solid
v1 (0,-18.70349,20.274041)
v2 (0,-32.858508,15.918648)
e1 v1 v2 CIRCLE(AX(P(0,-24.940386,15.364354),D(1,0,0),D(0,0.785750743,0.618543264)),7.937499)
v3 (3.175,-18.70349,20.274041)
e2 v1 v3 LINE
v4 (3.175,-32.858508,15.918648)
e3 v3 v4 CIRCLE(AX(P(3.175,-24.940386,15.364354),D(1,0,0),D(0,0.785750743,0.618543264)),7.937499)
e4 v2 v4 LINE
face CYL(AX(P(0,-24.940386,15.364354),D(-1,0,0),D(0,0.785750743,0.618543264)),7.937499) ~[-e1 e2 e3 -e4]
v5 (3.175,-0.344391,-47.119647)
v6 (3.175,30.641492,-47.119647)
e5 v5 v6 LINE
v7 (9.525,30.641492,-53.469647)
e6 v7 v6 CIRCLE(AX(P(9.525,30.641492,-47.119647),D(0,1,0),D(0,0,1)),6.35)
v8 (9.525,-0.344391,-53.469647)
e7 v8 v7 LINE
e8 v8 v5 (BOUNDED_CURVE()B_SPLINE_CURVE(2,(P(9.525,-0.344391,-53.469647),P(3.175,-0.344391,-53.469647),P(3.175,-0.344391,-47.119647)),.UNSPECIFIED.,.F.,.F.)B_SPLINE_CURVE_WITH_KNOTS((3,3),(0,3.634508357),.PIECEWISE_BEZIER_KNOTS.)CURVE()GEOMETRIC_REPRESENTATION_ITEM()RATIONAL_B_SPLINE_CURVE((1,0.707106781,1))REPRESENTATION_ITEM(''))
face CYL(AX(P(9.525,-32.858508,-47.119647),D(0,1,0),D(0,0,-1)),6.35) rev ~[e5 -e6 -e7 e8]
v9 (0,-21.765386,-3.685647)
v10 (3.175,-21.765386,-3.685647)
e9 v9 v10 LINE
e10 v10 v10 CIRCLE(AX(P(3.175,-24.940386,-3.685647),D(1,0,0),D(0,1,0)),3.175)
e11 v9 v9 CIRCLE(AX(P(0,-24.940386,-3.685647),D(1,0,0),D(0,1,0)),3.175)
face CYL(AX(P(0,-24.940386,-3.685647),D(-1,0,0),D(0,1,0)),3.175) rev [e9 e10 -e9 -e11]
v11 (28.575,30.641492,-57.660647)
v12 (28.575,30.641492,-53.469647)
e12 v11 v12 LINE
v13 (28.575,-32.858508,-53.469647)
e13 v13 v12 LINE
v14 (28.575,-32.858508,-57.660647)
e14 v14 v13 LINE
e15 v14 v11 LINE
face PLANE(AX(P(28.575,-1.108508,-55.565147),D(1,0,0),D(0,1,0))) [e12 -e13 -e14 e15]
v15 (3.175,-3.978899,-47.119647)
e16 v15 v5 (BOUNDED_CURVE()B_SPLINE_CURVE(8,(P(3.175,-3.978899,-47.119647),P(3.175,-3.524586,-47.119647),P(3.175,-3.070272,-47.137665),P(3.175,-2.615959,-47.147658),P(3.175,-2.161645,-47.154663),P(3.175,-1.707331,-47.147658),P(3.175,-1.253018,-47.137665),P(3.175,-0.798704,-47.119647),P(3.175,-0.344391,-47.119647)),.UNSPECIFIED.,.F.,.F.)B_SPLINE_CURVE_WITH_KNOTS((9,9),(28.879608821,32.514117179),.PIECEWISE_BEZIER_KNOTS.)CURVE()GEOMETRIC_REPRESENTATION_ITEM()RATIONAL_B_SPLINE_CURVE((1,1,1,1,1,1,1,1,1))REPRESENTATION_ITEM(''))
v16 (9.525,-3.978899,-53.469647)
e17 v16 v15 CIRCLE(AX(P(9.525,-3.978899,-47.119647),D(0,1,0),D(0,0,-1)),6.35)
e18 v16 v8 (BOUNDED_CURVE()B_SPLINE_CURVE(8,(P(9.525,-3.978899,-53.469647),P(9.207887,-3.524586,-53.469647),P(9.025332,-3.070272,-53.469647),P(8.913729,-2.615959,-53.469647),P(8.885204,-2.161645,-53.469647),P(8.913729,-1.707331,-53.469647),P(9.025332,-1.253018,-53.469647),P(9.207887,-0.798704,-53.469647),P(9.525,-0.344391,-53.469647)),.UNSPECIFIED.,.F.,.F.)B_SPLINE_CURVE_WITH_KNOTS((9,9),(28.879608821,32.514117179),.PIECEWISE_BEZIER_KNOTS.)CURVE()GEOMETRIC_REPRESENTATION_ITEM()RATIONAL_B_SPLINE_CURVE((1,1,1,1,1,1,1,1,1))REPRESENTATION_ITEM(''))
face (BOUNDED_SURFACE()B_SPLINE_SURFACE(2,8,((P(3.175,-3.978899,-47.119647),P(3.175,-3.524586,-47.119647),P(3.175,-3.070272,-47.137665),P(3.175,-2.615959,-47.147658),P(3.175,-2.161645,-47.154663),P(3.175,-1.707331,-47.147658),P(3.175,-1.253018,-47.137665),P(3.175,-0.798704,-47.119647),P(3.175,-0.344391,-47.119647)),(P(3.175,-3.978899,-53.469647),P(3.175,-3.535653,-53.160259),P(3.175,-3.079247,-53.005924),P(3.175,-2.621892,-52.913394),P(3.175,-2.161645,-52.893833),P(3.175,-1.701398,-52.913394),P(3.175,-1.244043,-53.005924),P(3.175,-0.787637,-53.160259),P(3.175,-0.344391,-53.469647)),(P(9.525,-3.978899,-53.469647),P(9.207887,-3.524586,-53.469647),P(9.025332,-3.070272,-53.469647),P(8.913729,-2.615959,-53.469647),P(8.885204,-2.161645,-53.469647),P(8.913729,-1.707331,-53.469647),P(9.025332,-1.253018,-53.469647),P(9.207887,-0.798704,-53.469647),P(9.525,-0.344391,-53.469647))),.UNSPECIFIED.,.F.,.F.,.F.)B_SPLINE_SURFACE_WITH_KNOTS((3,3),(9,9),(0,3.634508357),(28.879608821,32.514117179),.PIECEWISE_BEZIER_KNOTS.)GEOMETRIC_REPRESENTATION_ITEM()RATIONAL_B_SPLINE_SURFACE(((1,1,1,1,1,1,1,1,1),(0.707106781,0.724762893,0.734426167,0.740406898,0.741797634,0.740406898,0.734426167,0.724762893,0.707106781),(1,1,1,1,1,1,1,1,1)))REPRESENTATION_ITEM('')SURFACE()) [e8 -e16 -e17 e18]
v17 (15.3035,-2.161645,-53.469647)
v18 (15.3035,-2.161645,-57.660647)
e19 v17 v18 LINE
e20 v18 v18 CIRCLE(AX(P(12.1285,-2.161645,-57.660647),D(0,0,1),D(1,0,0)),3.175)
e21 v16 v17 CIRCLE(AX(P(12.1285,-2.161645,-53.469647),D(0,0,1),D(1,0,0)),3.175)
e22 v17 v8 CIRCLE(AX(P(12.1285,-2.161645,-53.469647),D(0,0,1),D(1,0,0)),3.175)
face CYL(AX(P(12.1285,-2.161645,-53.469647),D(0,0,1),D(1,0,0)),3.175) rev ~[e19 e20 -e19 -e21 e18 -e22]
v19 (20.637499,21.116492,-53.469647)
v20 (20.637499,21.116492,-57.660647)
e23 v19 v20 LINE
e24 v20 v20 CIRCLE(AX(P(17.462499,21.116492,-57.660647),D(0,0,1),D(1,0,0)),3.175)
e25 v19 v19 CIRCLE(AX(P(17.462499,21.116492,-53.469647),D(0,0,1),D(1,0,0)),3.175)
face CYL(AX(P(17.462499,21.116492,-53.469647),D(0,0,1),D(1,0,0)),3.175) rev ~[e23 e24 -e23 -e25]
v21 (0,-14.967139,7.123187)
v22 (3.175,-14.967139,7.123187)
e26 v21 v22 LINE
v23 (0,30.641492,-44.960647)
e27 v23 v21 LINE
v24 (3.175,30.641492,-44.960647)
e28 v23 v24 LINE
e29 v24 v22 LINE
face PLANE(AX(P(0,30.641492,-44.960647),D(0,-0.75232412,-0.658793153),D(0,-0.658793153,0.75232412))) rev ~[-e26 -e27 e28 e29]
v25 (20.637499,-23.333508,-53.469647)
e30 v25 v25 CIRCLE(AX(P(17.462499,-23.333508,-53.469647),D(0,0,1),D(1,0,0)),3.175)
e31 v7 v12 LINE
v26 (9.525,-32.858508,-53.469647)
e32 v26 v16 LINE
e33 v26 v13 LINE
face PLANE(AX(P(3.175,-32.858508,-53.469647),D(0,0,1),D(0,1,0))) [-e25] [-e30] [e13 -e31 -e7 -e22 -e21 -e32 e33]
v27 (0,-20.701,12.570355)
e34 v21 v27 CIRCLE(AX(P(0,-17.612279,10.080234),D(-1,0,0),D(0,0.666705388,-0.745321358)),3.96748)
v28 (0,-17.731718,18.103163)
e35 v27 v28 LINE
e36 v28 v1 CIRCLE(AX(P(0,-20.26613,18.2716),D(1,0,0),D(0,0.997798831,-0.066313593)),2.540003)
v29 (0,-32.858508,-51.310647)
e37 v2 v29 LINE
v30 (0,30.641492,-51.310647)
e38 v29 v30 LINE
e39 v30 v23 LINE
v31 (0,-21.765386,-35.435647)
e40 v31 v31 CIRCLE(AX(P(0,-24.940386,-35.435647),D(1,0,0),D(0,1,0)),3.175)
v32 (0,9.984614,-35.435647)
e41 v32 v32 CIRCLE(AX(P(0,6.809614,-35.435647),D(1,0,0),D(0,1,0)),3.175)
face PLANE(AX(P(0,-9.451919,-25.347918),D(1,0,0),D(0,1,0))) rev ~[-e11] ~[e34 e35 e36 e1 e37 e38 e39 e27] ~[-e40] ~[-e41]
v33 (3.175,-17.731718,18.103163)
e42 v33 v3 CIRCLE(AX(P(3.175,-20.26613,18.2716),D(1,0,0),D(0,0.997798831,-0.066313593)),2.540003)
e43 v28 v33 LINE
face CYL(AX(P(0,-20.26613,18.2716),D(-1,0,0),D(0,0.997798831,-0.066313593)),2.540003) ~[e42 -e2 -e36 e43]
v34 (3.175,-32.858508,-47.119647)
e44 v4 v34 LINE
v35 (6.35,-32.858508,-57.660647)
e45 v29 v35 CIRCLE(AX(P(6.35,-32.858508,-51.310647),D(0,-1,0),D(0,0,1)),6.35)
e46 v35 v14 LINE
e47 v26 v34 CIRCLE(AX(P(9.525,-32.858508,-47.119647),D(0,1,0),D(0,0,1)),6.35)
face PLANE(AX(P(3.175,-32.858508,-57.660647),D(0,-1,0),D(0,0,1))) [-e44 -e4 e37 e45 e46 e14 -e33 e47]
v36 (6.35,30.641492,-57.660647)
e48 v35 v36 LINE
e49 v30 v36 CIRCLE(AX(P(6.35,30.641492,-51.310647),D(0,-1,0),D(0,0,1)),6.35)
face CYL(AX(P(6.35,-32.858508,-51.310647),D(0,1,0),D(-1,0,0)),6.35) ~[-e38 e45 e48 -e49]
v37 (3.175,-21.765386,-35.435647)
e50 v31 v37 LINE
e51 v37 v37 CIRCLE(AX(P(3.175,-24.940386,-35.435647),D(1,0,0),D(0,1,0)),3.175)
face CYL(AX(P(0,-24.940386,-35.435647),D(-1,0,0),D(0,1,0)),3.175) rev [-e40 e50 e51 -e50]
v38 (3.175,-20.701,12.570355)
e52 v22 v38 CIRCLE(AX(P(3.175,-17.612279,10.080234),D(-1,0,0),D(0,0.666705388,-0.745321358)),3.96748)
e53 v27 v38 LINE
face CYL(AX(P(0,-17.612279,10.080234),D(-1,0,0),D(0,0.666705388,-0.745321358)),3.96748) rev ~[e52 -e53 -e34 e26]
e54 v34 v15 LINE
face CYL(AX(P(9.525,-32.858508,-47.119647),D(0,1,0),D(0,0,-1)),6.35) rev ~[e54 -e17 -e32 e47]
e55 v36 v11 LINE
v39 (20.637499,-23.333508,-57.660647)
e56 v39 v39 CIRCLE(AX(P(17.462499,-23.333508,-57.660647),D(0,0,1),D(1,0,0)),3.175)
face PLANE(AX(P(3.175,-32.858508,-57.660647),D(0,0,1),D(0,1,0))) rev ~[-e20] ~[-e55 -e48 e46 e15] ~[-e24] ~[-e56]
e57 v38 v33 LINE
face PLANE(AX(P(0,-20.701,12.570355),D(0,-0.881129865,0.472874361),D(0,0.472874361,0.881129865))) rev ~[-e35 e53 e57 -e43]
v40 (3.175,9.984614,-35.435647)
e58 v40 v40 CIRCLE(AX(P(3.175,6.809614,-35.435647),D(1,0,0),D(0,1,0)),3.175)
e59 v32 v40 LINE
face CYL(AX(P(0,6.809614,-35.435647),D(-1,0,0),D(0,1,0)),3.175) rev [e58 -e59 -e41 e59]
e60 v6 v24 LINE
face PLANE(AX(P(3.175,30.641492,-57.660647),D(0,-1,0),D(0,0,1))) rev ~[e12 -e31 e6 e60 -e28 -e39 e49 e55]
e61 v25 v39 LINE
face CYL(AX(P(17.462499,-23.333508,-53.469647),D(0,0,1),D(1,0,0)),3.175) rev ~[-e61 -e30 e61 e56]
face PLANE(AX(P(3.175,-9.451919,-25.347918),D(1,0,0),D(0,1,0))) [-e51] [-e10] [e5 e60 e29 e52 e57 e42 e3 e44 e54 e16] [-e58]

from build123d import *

# Parameters (mm, degrees)
F0_R     = 3.175
F1_DEPTH = 3.175
F2_W     = 63.5
F2_H     = 4.191
F3_DEPTH = 25.4
F4_R     = 3.175
F5_DEPTH = 25.4
F6_R     = 6.35


with BuildPart() as f1:
    # F0 (on Right) → F1 (new body)
    with BuildSketch(Plane.YZ):
        with BuildLine():
            ThreePointArc((-17.731718, 18.103163), (-17.947804, 19.309376), (-18.70349, 20.274041))
            ThreePointArc((-18.70349, 20.274041), (-27.274694, 22.950849), (-32.858508, 15.918648))
            Line((-32.858508, 15.918648), (-32.858508, -57.660647))
            Line((-32.858508, -57.660647), (30.641492, -57.660647))
            Line((30.641492, -57.660647), (30.641492, -44.960647))
            Line((30.641492, -44.960647), (-14.967139, 7.123187))
            ThreePointArc((-14.967139, 7.123187), (-20.344879, 7.203814), (-20.701, 12.570355))
            Line((-20.701, 12.570355), (-17.731718, 18.103163))
        make_face()
        with Locations((-24.940386, -35.435647)):
            Circle(F0_R, mode=Mode.SUBTRACT)
        with Locations((6.809614, -35.435647)):
            Circle(F0_R, mode=Mode.SUBTRACT)
        with Locations((-24.940386, -3.685647)):
            Circle(F0_R, mode=Mode.SUBTRACT)
    extrude(amount=F1_DEPTH)

    # F2 (on face) → F3 (join)
    with BuildSketch(Plane.YZ.offset(3.175)):
        with Locations((-1.108508, -55.565147)):
            Rectangle(F2_W, F2_H)
    extrude(amount=F3_DEPTH)

    # F4 (on face) → F5 (cut)
    with BuildSketch(Plane.XY.offset(-53.469647)):
        with Locations((17.462499, -23.333508)):
            Circle(F4_R)
        with Locations((17.462499, 21.116492)):
            Circle(F4_R)
        with Locations((12.1285, -2.161645)):
            Circle(F4_R)
    extrude(amount=-F5_DEPTH, mode=Mode.SUBTRACT)

    # F6
    f6_edges = [f1.edges().sort_by_distance(p)[0] for p in [
        (3.175, -1.108508, -53.469647),
        (0, -1.108508, -57.660647),
    ]]
    fillet(f6_edges, radius=F6_R)


solid = f1.part
